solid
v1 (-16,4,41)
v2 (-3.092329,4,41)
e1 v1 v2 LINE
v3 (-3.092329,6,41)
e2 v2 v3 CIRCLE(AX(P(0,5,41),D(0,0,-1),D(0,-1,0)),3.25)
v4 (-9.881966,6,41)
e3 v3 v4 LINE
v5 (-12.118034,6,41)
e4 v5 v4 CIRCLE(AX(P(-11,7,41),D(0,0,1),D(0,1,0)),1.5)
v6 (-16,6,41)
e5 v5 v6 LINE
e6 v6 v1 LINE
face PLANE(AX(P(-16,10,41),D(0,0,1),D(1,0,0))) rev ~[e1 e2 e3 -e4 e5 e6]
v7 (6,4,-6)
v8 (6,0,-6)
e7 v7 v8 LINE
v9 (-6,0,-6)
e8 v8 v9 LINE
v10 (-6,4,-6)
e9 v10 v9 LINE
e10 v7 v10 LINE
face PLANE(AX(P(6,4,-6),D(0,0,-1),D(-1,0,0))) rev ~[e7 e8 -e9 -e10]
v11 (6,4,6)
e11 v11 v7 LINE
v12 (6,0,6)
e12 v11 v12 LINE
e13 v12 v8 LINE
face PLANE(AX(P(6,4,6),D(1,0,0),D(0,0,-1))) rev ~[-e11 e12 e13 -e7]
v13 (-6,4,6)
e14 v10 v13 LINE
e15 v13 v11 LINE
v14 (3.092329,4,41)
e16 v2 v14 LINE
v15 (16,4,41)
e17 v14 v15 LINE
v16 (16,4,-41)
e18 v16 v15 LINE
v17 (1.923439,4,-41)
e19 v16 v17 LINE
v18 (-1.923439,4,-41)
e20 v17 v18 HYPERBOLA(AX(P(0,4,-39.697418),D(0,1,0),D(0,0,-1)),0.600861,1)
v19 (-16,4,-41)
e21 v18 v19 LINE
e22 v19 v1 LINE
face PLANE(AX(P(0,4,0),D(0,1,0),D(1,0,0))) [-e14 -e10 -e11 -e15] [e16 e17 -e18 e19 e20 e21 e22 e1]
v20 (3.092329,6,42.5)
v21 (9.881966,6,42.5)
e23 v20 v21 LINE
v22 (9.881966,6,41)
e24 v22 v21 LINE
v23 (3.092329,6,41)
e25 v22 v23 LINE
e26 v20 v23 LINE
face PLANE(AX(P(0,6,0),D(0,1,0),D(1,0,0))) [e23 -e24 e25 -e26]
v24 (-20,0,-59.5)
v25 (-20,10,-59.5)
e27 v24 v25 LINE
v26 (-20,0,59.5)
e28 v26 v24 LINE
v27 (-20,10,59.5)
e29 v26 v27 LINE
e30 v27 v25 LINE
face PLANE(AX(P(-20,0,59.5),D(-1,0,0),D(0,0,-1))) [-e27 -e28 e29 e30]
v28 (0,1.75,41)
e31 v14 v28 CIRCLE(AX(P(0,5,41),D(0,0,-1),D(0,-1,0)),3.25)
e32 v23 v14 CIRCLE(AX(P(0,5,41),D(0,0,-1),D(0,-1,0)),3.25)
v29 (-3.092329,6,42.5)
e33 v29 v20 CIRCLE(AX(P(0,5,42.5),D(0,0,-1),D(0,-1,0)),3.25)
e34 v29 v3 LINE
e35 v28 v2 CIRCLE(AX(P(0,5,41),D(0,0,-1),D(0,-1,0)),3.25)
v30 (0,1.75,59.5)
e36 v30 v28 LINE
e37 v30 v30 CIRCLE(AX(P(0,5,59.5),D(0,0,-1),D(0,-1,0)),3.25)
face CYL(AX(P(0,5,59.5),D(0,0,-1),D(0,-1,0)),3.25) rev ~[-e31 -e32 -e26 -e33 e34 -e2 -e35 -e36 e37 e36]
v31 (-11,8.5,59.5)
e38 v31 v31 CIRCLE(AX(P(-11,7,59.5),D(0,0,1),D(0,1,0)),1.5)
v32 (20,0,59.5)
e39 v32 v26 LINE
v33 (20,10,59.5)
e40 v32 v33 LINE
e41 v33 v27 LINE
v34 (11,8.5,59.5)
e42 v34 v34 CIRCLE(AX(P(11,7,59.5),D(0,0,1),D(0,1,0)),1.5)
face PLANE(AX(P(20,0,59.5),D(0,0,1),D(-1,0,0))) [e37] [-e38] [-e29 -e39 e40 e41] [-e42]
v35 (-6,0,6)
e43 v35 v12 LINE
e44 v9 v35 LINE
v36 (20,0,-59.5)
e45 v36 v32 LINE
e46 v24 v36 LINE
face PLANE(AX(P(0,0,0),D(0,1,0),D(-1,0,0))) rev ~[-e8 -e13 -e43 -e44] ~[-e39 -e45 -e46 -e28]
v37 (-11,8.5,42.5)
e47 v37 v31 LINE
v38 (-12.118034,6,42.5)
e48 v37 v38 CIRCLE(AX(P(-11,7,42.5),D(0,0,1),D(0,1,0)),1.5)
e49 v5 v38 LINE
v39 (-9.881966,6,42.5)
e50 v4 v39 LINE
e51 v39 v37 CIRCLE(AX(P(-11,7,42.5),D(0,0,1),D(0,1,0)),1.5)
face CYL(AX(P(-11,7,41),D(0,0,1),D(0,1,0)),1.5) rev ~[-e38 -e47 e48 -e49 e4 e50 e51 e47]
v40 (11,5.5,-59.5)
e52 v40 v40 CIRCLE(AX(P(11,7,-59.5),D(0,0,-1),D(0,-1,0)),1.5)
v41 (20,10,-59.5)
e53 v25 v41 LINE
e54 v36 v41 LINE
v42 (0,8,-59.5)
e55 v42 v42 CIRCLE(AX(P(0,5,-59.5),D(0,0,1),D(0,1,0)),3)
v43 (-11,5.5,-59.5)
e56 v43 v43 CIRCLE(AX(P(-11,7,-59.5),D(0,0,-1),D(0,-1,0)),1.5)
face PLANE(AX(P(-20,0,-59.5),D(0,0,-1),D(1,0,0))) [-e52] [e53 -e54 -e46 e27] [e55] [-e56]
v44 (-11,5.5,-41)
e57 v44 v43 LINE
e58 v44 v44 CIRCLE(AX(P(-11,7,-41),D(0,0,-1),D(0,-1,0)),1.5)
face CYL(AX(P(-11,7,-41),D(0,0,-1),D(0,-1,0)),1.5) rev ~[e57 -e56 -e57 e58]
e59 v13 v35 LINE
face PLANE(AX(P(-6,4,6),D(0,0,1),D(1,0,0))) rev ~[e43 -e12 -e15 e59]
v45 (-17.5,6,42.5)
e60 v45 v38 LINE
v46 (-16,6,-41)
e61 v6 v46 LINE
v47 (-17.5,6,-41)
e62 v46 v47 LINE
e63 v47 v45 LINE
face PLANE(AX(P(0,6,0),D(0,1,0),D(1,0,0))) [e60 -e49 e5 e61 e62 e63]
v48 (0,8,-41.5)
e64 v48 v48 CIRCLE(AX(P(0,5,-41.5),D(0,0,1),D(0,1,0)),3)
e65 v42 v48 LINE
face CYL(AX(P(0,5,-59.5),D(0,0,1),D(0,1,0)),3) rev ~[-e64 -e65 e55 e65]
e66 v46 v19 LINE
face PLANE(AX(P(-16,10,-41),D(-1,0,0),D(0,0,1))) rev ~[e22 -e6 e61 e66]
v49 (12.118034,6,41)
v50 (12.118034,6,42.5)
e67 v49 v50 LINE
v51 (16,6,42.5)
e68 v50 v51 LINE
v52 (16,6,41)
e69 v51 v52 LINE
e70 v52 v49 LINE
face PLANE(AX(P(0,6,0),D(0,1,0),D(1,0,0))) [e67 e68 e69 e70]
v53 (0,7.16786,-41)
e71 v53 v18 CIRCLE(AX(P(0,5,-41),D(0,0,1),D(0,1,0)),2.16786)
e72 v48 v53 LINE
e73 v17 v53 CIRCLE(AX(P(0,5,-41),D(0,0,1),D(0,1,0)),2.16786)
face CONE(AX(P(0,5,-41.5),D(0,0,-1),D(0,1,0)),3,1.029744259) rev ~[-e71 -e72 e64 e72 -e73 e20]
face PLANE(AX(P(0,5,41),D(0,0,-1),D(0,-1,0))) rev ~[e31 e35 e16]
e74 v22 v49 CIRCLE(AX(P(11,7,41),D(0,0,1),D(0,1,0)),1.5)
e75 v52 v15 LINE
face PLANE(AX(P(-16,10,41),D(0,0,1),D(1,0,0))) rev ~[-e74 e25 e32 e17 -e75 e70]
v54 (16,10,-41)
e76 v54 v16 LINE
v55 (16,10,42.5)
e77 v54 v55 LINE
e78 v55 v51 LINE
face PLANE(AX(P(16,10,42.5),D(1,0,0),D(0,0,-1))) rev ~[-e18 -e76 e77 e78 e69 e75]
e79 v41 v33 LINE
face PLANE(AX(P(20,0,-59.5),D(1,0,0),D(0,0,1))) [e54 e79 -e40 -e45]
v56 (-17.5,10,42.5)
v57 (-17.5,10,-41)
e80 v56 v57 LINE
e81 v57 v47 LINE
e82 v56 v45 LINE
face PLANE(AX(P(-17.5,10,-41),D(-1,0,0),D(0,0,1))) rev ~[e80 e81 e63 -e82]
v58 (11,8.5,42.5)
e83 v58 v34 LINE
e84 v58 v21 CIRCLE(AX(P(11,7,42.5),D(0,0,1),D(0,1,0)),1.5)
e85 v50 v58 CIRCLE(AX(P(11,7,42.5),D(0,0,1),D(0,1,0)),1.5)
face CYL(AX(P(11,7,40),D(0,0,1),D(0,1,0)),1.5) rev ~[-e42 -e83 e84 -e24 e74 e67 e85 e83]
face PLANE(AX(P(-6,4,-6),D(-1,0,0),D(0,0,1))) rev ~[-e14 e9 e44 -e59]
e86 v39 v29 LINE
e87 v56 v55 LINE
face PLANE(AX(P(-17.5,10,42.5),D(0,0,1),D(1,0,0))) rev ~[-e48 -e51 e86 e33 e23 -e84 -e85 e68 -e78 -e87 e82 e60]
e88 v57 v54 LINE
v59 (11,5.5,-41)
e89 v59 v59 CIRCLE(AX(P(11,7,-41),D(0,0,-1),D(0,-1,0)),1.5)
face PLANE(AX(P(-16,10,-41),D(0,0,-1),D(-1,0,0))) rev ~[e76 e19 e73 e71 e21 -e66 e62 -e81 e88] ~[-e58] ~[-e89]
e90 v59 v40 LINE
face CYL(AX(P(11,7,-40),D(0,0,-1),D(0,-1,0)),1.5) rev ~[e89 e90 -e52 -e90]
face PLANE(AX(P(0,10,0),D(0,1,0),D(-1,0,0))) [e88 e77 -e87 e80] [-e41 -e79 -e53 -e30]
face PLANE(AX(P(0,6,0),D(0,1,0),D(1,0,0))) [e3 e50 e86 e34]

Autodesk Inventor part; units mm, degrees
sketch "Sketch1" plane through (0, 0, 0) normal (0, 1, 0) x (-1, 0, 0)
  line L0 (-20, 59.5) -> (20, 59.5)
  line L1 (20, 59.5) -> (20, -59.5)
  line L2 (20, -59.5) -> (-20, -59.5)
  line L3 (-20, -59.5) -> (-20, 59.5)
  line L4 (-20, 59.5) -> (20, -59.5) construction
  line L5 (20, 59.5) -> (-20, -59.5) construction
  point P0 (0, 0)
  dimension "d0" = 40
  dimension "d1" = 119
extrude "Extrusion1" add sketch "Sketch1" along normal blind 10
sketch "Sketch2" plane through (0, 10, 0) normal (0, 1, 0) x (1, 0, 0)
  line L0 (-16, -41) -> (-6, -41)
  line L1 (-6, -41) -> (-6, 41)
  line L2 (-6, 41) -> (-16, 41)
  line L3 (-16, 41) -> (-16, -41)
  line L4 (-16, -41) -> (-6, 41) construction
  line L5 (-6, -41) -> (-16, 41) construction
  line L6 (16, -41) -> (6, -41)
  line L7 (6, -41) -> (6, 41)
  line L8 (6, 41) -> (16, 41)
  line L9 (16, 41) -> (16, -41)
  line L10 (16, -41) -> (6, 41) construction
  line L11 (6, -41) -> (16, 41) construction
  line L12 (-6, -41) -> (6, -41)
  line L13 (6, -41) -> (6, 41)
  line L14 (6, 41) -> (-6, 41)
  line L15 (-6, 41) -> (-6, -41)
  line L16 (-6, -41) -> (6, 41) construction
  line L17 (6, -41) -> (-6, 41) construction
  point P0 (0, 0)
  point P1 (-11, 0)
  point P2 (11, 0)
  dimension "d4" = 10
  dimension "d5" = 82
  dimension "d6" = 11
  dimension "d7" = 0
  dimension "d8" = 10
  dimension "d9" = 82
  dimension "d10" = 11
  dimension "d21" = 12
  dimension "d22" = 82
extrude "Extrusion3" cut sketch "Sketch2" against normal blind 6
sketch "Sketch3" plane through (0, 4, 0) normal (0, 1, 0) x (1, 0, 0)
  line L0 (-6, -6) -> (6, -6)
  line L1 (6, -6) -> (6, 6)
  line L2 (6, 6) -> (-6, 6)
  line L3 (-6, 6) -> (-6, -6)
  line L4 (-6, -6) -> (6, 6) construction
  line L5 (6, -6) -> (-6, 6) construction
  point P0 (0, 0)
  dimension "d35" = 12
  dimension "d36" = 12
extrude "Extrusion4" cut sketch "Sketch3" against normal blind 6
ref_plane "Work Plane1" through (0, 4.5, 0) normal (0, 1, 0) x (-1, 0, 0)
ref_plane "Work Plane2" through (11, 0, 0) normal (1, 0, 0) x (0, 1, 0)
ref_plane "Work Plane3" through (-11, 0, 0) normal (1, 0, 0) x (0, 1, 0)
ref_plane "Work Plane7" through (-6, 4, -41) normal (0, 0, 1) x (1, 0, 0)
sketch "Sketch6" plane through (-6, 4, -41) normal (0, 0, 1) x (1, 0, 0)
  circle A0 centre (-5, 3) radius 1.5
  line L0 (0, 6) -> (0, 0) projected
  line L1 (-10, 6) -> (22, 6) projected
  line L2 (-10, 6) -> (-10, 0) projected
  point P0 (6, -4)
  point P1 (-9, 6)
  dimension "d42" = 3
  dimension "d44" = 3
  dimension "d112" = 5
ref_plane "Work Plane4" through (7, 4, -40) normal (0, 0, 1) x (1, 0, 0)
sketch "Sketch7" plane through (7, 4, -40) normal (0, 0, 1) x (1, 0, 0)
  circle A0 centre (4, 3) radius 1.5
  line L0 (0, 6) -> (8, 6) projected
  line L1 (9, 0) -> (9, 6) projected
  point P0 (-7, -4)
  dimension "d45" = 3
  dimension "d46" = 3
  dimension "d47" = 5
hole "Hole1" at (-11, 7, -41) direction (0, 0, -1) diameter 3 end through all
hole "Hole2" at (11, 7, -40) direction (0, 0, -1) diameter 3 end through all
ref_plane "Work Plane6" through (-6, 4, 41) normal (0, 0, -1) x (-1, 0, 0)
sketch "Sketch8" plane through (-6, 4, 41) normal (0, 0, -1) x (-1, 0, 0)
  circle A0 centre (5, 3) radius 1.5
  line L0 (-22, 6) -> (10, 6) projected
  line L1 (10, 0) -> (10, 6) projected
  point P0 (-6, -4)
  point P1 (0, 6)
  point P2 (9, 6)
  dimension "d62" = 3
  dimension "d63" = 3
  dimension "d64" = 5
ref_plane "Work Plane5" through (7, 4, 40) normal (0, 0, -1) x (-1, 0, 0)
sketch "Sketch9" plane through (7, 4, 40) normal (0, 0, -1) x (-1, 0, 0)
  circle A0 centre (-4, 3) radius 1.5
  line L0 (-8, 6) -> (0, 6) projected
  line L1 (-9, 6) -> (-9, 0) projected
  point P0 (7, -4)
  dimension "d65" = 3
  dimension "d66" = 3
  dimension "d67" = 5
hole "Hole3" at (-11, 7, 41) direction (0, 0, 1) diameter 3 end through all
hole "Hole4" at (11, 7, 40) direction (0, 0, 1) diameter 3 end through all
sketch "Sketch10" plane through (-20, 0, 59.5) normal (0, 0, 1) x (1, 0, 0)
  circle A0 centre (20, 5) radius 3.25
  line L0 (40, 0) -> (40, 10) projected
  point P0 (20, 0)
  dimension "d92" = 6.5
  dimension "d93" = 5
  dimension "d94" = 20
hole "Hole5" at (0, 5, 59.5) direction (0, 0, -1) diameter 6.5 depth 18.5
sketch "Sketch11" plane through (20, 0, -59.5) normal (0, 0, -1) x (-1, 0, 0)
  circle A0 centre (20, 5) radius 3.25
  line L0 (40, 0) -> (0, 0) projected
  line L1 (40, 0) -> (40, 10) projected
  point P0 (20, 0)
  dimension "d102" = 6.5
  dimension "d103" = 5
  dimension "d104" = 20
hole "Hole6" at (0, 5, -59.5) direction (0, 0, 1) diameter 6 depth 18 tip angle 118
sketch "Sketch12" plane through (0, 10, 0) normal (0, 1, 0) x (1, 0, 0)
  line L0 (-17.5, -41) -> (-16, -41)
  line L1 (-16, -41) -> (-16, 41)
  line L2 (-16, 41) -> (-17.5, 41)
  line L3 (-17.5, 41) -> (-17.5, -41)
  line L4 (-17.5, -41) -> (-16, 41) construction
  line L5 (-16, -41) -> (-17.5, 41) construction
  line L6 (-17.5, -42.5) -> (16, -42.5)
  line L7 (16, -42.5) -> (16, -41)
  line L8 (16, -41) -> (-17.5, -41)
  line L9 (-17.5, -41) -> (-17.5, -42.5)
  line L10 (-17.5, -42.5) -> (16, -41) construction
  line L11 (16, -42.5) -> (-17.5, -41) construction
  point P0 (0, 0)
  point P1 (-16.75, 0)
  point P2 (-0.75, -41.75)
  dimension "d113" = 1.5
  dimension "d114" = 82
  dimension "d115" = 16
  dimension "d116" = 33.5
  dimension "d117" = 1.5
  dimension "d118" = 0
  dimension "d128" = 0.75
extrude "Extrusion7" cut sketch "Sketch12" against normal blind 4
thread "Thread5" size "M3x0.5" class "6H" standard "ANSI Metric M Profile" full length
thread "Thread6" size "M3x0.5" class "6H" standard "ANSI Metric M Profile" full length
properties part number "BottomSupportPlate"
